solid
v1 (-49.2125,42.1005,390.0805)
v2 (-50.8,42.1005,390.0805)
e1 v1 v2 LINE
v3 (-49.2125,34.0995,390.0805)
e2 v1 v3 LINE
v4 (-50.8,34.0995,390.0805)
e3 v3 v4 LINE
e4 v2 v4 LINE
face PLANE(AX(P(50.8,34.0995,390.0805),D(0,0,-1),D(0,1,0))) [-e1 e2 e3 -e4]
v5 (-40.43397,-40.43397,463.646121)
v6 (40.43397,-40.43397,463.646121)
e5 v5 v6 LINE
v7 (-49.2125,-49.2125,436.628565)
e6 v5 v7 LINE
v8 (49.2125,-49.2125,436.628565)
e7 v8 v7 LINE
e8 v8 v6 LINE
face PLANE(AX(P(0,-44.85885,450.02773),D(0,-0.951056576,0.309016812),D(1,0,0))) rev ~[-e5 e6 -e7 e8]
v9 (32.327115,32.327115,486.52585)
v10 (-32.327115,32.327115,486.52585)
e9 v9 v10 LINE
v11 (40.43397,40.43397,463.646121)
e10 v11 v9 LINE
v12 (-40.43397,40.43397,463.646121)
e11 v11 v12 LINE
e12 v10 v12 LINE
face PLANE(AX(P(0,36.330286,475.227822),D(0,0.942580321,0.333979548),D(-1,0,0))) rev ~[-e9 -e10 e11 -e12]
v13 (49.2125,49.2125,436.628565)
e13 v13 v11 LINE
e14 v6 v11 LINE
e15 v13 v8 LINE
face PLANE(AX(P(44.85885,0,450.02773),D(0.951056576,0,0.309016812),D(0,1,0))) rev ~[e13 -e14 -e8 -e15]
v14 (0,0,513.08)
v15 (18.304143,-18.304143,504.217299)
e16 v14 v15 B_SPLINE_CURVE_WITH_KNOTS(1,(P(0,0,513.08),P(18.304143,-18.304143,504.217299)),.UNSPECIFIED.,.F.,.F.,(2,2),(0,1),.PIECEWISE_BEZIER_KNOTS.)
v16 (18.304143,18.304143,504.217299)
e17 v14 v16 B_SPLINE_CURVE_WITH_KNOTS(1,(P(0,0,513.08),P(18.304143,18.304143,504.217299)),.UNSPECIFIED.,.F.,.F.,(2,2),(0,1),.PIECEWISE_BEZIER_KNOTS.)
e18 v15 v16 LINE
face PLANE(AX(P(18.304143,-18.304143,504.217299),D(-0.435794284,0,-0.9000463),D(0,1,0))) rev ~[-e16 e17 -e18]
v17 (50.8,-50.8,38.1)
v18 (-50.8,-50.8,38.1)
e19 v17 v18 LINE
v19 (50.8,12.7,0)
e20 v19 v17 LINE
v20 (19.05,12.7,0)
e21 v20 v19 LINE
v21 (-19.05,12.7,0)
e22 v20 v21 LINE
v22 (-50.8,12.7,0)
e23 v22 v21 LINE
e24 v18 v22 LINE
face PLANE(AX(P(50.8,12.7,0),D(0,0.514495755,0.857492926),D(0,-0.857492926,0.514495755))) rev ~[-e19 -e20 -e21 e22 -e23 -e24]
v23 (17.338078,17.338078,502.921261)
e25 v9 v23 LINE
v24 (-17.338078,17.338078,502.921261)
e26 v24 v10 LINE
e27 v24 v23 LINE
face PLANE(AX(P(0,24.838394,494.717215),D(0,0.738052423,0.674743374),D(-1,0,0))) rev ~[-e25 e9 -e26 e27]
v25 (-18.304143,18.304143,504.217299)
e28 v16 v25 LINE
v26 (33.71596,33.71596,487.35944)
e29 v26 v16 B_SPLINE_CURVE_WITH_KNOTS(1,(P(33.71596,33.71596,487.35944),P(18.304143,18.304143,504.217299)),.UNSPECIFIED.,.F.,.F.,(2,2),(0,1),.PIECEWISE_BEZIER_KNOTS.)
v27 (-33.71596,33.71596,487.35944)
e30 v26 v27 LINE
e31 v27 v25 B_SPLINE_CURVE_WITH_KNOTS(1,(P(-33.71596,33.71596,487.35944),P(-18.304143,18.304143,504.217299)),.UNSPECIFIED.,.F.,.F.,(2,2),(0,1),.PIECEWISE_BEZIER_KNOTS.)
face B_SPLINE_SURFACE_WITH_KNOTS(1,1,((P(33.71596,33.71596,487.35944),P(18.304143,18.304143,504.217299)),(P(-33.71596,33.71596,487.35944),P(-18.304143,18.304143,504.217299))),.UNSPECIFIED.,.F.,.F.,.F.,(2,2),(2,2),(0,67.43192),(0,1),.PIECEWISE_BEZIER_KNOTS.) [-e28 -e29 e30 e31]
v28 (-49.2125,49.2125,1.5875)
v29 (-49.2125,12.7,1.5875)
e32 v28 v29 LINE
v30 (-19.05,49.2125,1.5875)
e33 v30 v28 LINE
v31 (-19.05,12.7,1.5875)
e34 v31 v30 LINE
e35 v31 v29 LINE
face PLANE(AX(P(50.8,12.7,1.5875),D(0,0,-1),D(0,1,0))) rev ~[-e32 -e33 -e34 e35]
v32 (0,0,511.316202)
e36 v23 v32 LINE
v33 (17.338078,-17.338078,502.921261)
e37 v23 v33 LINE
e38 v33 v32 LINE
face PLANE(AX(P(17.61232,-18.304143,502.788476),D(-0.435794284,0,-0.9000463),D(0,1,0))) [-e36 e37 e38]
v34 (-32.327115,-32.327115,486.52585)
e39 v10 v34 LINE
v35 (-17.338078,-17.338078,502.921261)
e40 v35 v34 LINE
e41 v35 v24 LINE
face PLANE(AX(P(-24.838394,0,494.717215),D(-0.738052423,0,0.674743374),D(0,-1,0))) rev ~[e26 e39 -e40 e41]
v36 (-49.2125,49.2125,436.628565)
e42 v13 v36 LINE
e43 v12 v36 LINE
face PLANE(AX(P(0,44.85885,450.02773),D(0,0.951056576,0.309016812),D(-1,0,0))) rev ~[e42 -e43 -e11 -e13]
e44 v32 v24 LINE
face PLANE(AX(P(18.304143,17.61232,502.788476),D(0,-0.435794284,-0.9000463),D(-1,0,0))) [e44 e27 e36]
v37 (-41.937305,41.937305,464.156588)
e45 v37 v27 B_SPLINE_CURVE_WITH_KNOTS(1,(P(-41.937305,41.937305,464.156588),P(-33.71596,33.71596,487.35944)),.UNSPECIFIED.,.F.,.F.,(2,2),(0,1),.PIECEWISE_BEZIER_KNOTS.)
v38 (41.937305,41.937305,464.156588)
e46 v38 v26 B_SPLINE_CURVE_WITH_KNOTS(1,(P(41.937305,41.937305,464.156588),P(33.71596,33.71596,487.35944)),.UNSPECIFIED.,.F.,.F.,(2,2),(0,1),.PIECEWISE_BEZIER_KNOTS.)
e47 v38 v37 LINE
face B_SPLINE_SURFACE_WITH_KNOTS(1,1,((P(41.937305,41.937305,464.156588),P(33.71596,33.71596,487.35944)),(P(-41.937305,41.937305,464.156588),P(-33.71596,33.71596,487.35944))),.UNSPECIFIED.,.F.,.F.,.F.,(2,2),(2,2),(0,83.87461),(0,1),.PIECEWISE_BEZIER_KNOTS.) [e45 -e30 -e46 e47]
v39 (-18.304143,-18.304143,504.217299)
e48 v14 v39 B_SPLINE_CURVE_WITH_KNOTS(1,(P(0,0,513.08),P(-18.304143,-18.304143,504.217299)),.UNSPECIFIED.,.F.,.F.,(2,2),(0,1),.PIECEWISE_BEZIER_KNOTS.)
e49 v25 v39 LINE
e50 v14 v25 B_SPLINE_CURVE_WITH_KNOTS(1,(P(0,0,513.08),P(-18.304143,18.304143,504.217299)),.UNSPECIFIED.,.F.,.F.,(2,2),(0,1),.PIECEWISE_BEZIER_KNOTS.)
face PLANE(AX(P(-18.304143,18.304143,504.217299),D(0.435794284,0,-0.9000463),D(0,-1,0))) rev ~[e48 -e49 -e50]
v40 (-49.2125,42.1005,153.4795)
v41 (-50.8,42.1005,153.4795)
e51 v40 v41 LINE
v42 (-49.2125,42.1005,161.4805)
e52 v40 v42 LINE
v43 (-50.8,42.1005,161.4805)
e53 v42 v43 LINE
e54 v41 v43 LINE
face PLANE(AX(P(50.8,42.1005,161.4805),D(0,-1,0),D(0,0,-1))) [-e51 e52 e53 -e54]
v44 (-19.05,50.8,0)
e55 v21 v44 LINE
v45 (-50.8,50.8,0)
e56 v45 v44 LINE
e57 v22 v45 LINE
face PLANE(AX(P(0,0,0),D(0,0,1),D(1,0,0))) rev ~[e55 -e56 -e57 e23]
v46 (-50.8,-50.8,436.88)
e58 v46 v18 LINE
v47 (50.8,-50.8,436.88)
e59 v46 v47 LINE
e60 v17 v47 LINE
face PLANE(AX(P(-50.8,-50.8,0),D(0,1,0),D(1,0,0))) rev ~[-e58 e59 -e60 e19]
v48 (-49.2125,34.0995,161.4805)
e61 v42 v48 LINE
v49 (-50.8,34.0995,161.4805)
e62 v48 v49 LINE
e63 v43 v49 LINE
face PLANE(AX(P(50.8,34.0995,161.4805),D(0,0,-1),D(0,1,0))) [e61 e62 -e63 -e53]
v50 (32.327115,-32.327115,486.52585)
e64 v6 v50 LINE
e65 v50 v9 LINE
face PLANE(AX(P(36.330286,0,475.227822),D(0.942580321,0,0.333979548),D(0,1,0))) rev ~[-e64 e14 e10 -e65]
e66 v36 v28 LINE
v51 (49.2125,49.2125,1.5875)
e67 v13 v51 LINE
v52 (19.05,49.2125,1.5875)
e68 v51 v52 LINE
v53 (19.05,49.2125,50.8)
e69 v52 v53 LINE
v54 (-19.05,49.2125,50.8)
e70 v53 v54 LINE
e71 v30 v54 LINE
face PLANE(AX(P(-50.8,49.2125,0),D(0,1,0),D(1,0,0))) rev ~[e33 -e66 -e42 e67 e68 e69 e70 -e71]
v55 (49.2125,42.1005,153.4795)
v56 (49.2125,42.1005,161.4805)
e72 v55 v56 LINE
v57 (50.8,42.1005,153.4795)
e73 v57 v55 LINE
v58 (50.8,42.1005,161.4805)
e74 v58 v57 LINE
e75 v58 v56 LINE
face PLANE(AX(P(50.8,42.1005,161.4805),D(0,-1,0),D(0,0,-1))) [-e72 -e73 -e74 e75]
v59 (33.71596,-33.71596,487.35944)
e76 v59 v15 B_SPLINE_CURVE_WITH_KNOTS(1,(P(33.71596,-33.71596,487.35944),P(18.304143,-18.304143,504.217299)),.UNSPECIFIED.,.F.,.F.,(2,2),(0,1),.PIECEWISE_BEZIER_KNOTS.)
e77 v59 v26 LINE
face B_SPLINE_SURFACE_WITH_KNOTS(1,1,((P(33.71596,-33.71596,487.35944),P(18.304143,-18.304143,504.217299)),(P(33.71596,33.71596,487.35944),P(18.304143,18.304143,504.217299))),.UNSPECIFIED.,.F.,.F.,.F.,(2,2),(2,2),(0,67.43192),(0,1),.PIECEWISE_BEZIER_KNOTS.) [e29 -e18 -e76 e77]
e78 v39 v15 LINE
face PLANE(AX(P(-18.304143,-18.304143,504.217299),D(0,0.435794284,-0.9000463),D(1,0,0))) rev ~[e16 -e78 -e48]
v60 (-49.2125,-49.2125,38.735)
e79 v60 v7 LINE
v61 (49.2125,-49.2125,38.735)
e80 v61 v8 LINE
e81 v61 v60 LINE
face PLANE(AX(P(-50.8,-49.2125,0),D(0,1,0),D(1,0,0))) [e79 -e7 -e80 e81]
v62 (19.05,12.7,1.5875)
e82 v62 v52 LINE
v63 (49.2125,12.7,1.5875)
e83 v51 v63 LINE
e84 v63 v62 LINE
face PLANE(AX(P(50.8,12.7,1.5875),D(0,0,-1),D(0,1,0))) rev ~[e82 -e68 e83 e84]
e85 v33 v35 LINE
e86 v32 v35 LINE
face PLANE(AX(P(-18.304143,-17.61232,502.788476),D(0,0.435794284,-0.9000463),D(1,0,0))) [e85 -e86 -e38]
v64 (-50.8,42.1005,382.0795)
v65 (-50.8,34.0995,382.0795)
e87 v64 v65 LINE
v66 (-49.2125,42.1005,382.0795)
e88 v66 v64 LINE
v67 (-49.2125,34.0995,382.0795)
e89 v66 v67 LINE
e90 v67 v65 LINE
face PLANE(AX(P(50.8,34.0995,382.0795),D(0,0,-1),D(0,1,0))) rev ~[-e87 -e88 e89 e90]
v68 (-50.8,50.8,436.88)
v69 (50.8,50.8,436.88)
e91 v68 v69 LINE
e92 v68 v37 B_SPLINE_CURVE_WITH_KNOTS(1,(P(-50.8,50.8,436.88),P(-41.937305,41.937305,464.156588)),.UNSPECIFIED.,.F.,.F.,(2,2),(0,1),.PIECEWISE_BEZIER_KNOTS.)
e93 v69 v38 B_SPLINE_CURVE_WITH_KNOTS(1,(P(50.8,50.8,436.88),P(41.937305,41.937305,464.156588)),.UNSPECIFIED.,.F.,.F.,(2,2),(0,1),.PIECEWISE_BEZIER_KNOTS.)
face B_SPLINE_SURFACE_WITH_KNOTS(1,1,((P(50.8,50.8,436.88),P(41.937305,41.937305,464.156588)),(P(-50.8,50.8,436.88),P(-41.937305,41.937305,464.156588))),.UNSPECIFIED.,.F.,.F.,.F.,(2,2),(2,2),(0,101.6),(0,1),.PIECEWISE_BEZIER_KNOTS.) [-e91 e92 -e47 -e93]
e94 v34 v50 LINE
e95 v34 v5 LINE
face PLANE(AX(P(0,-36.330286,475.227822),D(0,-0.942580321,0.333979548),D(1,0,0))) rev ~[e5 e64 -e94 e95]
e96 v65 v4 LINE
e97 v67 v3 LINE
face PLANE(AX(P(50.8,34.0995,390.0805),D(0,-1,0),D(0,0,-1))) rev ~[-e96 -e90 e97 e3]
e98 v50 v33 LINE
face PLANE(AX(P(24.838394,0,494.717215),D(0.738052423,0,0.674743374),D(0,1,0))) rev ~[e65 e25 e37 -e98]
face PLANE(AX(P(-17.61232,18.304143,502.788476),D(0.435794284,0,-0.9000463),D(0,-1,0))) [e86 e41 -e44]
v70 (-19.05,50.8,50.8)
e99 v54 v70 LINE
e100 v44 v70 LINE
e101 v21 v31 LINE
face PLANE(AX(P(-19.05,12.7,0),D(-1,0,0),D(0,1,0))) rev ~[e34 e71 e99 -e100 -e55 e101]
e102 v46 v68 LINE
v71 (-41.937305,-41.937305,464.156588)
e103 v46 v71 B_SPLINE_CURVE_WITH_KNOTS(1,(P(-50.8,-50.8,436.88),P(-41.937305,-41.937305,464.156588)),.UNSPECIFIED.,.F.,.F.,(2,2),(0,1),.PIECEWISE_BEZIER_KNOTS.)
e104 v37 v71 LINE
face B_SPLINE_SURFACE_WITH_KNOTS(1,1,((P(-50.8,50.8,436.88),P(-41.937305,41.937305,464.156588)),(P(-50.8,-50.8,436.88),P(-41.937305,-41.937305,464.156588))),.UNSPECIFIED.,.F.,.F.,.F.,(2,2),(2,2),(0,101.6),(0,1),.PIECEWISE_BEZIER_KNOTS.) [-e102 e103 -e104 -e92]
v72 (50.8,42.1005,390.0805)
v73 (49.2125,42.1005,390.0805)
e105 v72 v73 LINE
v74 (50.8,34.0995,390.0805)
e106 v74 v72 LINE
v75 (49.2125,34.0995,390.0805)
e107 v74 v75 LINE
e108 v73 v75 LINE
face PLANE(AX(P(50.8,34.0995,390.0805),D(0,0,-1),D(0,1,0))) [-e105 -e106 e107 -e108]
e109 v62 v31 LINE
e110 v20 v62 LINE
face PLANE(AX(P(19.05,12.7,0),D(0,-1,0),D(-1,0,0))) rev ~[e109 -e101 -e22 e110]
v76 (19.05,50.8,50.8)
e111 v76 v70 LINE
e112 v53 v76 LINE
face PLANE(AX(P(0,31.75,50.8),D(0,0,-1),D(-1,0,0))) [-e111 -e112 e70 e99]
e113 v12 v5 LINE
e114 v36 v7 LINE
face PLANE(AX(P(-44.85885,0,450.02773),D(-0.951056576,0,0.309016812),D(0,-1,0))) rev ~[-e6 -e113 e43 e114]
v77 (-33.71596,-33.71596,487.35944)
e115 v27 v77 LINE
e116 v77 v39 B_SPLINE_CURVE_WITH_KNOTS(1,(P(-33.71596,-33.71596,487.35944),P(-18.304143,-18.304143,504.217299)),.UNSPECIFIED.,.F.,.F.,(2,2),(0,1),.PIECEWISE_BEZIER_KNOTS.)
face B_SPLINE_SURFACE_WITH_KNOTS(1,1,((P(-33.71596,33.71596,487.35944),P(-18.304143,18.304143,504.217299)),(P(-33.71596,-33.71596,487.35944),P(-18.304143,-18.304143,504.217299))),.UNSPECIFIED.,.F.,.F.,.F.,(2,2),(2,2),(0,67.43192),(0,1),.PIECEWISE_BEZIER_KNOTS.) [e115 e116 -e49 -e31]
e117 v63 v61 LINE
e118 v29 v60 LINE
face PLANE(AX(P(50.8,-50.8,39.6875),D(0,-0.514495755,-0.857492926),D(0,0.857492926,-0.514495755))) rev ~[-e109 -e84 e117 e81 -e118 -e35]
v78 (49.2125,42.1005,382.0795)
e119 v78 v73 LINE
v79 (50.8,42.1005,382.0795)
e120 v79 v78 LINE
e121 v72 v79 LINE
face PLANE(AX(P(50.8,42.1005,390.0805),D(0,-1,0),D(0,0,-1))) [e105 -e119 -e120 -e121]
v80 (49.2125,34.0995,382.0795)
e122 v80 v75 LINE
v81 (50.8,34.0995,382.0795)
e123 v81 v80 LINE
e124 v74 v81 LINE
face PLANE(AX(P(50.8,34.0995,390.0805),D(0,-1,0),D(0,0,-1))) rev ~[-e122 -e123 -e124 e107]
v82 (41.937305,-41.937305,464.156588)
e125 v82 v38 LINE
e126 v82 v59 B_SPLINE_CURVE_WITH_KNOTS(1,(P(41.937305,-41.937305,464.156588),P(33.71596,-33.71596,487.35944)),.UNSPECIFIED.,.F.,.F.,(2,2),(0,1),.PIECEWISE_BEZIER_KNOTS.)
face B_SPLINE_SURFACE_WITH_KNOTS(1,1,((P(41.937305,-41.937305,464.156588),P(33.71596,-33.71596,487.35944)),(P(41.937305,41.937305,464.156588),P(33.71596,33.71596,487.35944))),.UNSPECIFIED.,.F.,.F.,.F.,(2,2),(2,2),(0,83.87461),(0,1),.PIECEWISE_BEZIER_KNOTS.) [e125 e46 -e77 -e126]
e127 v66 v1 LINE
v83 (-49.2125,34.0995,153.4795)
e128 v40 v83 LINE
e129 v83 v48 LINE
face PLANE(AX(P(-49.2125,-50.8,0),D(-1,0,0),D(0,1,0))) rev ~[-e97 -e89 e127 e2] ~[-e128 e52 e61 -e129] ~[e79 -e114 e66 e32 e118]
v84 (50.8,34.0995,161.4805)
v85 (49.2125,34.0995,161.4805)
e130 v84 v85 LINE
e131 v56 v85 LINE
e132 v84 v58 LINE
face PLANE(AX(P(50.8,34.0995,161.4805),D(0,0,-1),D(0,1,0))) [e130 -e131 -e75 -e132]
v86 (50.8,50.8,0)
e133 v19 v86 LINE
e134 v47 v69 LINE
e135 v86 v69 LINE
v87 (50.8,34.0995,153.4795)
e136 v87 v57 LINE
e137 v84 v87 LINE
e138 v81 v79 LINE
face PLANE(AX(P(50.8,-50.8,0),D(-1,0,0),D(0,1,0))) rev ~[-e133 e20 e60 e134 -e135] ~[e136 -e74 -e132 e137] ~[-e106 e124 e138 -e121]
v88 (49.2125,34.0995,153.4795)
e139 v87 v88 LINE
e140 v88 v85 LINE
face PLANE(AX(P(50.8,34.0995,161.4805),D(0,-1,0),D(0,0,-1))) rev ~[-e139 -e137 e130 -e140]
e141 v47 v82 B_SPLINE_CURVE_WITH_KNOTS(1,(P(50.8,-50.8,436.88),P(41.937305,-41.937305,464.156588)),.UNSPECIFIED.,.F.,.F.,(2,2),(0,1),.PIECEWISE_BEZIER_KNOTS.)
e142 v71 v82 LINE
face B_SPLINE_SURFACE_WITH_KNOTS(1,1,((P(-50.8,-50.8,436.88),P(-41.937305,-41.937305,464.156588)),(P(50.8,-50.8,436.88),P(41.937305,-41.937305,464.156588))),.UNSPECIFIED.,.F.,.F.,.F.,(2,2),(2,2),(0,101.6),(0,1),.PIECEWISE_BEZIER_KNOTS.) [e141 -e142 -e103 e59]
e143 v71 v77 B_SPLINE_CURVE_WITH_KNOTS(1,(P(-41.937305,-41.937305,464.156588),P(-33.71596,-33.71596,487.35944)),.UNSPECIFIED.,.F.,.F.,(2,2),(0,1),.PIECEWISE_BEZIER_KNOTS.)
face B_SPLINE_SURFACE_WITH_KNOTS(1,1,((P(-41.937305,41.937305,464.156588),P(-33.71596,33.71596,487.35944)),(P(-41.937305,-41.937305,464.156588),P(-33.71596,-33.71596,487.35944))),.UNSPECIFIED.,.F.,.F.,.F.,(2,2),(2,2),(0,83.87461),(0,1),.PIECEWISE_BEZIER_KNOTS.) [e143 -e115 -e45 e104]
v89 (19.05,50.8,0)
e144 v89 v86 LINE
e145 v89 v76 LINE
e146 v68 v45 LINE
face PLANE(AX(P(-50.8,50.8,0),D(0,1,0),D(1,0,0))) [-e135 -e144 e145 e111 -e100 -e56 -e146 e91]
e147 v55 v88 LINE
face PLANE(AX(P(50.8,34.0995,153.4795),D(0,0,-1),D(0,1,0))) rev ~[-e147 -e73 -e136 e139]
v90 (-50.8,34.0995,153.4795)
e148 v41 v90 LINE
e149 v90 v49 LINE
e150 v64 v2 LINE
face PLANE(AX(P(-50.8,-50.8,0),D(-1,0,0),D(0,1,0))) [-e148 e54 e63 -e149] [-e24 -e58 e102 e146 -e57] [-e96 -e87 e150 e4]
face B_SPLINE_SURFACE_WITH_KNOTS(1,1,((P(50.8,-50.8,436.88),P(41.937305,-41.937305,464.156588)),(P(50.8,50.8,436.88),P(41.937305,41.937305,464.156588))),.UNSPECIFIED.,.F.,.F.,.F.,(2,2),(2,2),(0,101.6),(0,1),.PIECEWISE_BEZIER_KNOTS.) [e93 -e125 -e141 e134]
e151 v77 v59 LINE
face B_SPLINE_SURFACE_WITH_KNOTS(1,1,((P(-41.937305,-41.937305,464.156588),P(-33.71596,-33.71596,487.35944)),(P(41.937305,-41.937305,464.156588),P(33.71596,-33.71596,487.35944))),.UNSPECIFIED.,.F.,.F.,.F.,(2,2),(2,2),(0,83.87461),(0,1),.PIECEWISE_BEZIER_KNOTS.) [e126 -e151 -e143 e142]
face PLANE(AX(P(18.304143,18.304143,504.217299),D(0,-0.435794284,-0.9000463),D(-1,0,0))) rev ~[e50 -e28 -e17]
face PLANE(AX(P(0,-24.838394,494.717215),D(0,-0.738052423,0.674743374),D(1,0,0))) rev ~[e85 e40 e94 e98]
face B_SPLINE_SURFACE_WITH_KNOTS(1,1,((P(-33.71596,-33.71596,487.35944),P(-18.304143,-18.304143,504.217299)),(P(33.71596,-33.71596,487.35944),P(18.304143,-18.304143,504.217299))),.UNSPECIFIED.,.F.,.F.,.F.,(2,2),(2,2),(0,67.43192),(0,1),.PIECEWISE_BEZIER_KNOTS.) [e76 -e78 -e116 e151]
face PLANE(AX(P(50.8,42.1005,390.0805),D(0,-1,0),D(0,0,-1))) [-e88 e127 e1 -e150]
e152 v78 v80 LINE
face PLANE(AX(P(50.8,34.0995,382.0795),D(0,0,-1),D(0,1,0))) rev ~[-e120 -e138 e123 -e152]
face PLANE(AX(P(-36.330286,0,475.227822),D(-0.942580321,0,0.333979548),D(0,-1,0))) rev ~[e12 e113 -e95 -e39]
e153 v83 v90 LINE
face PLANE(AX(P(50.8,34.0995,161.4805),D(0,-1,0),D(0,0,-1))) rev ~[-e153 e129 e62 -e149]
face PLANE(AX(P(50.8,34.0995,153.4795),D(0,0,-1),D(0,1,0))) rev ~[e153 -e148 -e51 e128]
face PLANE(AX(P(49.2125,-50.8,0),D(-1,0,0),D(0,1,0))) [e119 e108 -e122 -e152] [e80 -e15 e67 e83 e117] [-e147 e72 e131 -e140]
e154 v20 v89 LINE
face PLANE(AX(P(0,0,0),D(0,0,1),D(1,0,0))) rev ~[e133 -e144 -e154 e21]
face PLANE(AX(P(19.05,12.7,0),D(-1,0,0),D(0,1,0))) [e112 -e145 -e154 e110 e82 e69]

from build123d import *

# Parameters (mm, degrees)
SKETCH1_W           = 101.6
SKETCH1_H           = 101.6
BOSS_EXTRUDE1_DEPTH = 436.88
SHELL1_T            = -1.5875
SKETCH9_W           = 8.001
SKETCH9_H           = 8.001
CUT_EXTRUDE1_DEPTH  = 526.503840631
CUT_EXTRUDE2_DEPTH  = 526.503840631
BOSS_EXTRUDE2_DEPTH = 101.6
SKETCH12_W          = 38.1
SKETCH12_H          = 38.1
CUT_EXTRUDE3_DEPTH  = 50.8


with BuildPart() as part:
    # Sketch1 → Boss-Extrude1 (new body)
    with BuildSketch(Plane.XY):
        Rectangle(SKETCH1_W, SKETCH1_H)
    extrude(amount=BOSS_EXTRUDE1_DEPTH)

    # Sketch5 → Loft2 section 0
    with BuildSketch(Plane.XY.offset(436.88)):
        with BuildLine():
            Line((50.8, -50.8), (50.8, 50.8))
            Line((50.8, 50.8), (-50.8, 50.8))
            Line((-50.8, 50.8), (-50.8, -50.8))
            Line((-50.8, -50.8), (50.8, -50.8))
        make_face()
    # Sketch3 → Loft2 section 1
    with BuildSketch(Plane.XY.offset(464.156588322)):
        with BuildLine():
            Line((-41.937305, -41.937305), (41.937305, -41.937305))
            Line((41.937305, -41.937305), (41.937305, 41.937305))
            Line((41.937305, 41.937305), (-41.937305, 41.937305))
            Line((-41.937305, 41.937305), (-41.937305, -41.937305))
        make_face()
    loft()

    # Sketch3<6> → Loft3 section 0
    with BuildSketch(Plane.XY.offset(464.156588322)):
        with BuildLine():
            Line((-41.937305, -41.937305), (41.937305, -41.937305))
            Line((41.937305, -41.937305), (41.937305, 41.937305))
            Line((41.937305, 41.937305), (-41.937305, 41.937305))
            Line((-41.937305, 41.937305), (-41.937305, -41.937305))
        make_face()
    # Sketch6 → Loft3 section 1
    with BuildSketch(Plane.XY.offset(487.359440316)):
        with BuildLine():
            Line((-33.71596, -33.71596), (33.71596, -33.71596))
            Line((33.71596, -33.71596), (33.71596, 33.71596))
            Line((33.71596, 33.71596), (-33.71596, 33.71596))
            Line((-33.71596, 33.71596), (-33.71596, -33.71596))
        make_face()
    loft()

    # Sketch6<4> → Loft4 section 0
    with BuildSketch(Plane.XY.offset(487.359440316)):
        with BuildLine():
            Line((-33.71596, -33.71596), (33.71596, -33.71596))
            Line((33.71596, -33.71596), (33.71596, 33.71596))
            Line((33.71596, 33.71596), (-33.71596, 33.71596))
            Line((-33.71596, 33.71596), (-33.71596, -33.71596))
        make_face()
    # Sketch7 → Loft4 section 1
    with BuildSketch(Plane.XY.offset(504.217299158)):
        with BuildLine():
            Line((-18.304143458, -18.304143458), (18.304143458, -18.304143458))
            Line((18.304143458, -18.304143458), (18.304143458, 18.304143458))
            Line((18.304143458, 18.304143458), (-18.304143458, 18.304143458))
            Line((-18.304143458, 18.304143458), (-18.304143458, -18.304143458))
        make_face()
    loft()

    # Sketch7<5> → Loft5 section 0
    with BuildSketch(Plane.XY.offset(504.217299158), mode=Mode.PRIVATE) as loft5_s0:
        with BuildLine():
            Line((-18.304143458, -18.304143458), (18.304143458, -18.304143458))
            Line((18.304143458, -18.304143458), (18.304143458, 18.304143458))
            Line((18.304143458, 18.304143458), (-18.304143458, 18.304143458))
            Line((-18.304143458, 18.304143458), (-18.304143458, -18.304143458))
        make_face()
    loft([Vertex(0, 0, 513.079999985), loft5_s0.sketch])

    # Shell1
    shell1_openings = [part.faces().sort_by_distance(p)[0] for p in [
        (0, 0, 0),
    ]]
    offset(amount=SHELL1_T, openings=shell1_openings, kind=Kind.INTERSECTION)

    # Sketch9 → Cut-Extrude1 (cut, through all)
    with BuildSketch(Plane(origin=(50.8, 0, 0), x_dir=(0, 0, -1), z_dir=(1, 0, 0))):
        with Locations((-386.08, 38.1)):
            Rectangle(SKETCH9_W, SKETCH9_H)
        Polygon((-161.4805, 42.1005), (-161.4805, 38.1), (-161.4805, 34.0995), (-153.4795, 34.0995), (-153.4795, 42.1005), align=None)
    extrude(amount=-CUT_EXTRUDE1_DEPTH, mode=Mode.SUBTRACT)

    # Sketch10 → Cut-Extrude2 (cut, through all)
    with BuildSketch(Plane(origin=(50.8, 0, 0), x_dir=(0, 0, -1), z_dir=(1, 0, 0))):
        Polygon((0, -50.8), (0, 12.7), (-38.1, -50.8), align=None)
    extrude(amount=-CUT_EXTRUDE2_DEPTH, mode=Mode.SUBTRACT)

    # Sketch11 → Boss-Extrude2 (add)
    with BuildSketch(Plane(origin=(50.8, 0, 0), x_dir=(0, 0, -1), z_dir=(1, 0, 0))):
        Polygon((-38.1, -50.8), (-39.6875, -50.8), (-1.5875, 12.7), (-1.5875, 50.8), (0, 50.8), (0, 12.7), align=None)
    extrude(amount=-BOSS_EXTRUDE2_DEPTH)

    # Sketch12 → Cut-Extrude3 (cut)
    with BuildSketch(Plane(origin=(0, 0, 0), x_dir=(-1, 0, 0), z_dir=(0, 0, -1))):
        with Locations((0, 31.75)):
            Rectangle(SKETCH12_W, SKETCH12_H)
    extrude(amount=-CUT_EXTRUDE3_DEPTH, mode=Mode.SUBTRACT)


solid = part.part
